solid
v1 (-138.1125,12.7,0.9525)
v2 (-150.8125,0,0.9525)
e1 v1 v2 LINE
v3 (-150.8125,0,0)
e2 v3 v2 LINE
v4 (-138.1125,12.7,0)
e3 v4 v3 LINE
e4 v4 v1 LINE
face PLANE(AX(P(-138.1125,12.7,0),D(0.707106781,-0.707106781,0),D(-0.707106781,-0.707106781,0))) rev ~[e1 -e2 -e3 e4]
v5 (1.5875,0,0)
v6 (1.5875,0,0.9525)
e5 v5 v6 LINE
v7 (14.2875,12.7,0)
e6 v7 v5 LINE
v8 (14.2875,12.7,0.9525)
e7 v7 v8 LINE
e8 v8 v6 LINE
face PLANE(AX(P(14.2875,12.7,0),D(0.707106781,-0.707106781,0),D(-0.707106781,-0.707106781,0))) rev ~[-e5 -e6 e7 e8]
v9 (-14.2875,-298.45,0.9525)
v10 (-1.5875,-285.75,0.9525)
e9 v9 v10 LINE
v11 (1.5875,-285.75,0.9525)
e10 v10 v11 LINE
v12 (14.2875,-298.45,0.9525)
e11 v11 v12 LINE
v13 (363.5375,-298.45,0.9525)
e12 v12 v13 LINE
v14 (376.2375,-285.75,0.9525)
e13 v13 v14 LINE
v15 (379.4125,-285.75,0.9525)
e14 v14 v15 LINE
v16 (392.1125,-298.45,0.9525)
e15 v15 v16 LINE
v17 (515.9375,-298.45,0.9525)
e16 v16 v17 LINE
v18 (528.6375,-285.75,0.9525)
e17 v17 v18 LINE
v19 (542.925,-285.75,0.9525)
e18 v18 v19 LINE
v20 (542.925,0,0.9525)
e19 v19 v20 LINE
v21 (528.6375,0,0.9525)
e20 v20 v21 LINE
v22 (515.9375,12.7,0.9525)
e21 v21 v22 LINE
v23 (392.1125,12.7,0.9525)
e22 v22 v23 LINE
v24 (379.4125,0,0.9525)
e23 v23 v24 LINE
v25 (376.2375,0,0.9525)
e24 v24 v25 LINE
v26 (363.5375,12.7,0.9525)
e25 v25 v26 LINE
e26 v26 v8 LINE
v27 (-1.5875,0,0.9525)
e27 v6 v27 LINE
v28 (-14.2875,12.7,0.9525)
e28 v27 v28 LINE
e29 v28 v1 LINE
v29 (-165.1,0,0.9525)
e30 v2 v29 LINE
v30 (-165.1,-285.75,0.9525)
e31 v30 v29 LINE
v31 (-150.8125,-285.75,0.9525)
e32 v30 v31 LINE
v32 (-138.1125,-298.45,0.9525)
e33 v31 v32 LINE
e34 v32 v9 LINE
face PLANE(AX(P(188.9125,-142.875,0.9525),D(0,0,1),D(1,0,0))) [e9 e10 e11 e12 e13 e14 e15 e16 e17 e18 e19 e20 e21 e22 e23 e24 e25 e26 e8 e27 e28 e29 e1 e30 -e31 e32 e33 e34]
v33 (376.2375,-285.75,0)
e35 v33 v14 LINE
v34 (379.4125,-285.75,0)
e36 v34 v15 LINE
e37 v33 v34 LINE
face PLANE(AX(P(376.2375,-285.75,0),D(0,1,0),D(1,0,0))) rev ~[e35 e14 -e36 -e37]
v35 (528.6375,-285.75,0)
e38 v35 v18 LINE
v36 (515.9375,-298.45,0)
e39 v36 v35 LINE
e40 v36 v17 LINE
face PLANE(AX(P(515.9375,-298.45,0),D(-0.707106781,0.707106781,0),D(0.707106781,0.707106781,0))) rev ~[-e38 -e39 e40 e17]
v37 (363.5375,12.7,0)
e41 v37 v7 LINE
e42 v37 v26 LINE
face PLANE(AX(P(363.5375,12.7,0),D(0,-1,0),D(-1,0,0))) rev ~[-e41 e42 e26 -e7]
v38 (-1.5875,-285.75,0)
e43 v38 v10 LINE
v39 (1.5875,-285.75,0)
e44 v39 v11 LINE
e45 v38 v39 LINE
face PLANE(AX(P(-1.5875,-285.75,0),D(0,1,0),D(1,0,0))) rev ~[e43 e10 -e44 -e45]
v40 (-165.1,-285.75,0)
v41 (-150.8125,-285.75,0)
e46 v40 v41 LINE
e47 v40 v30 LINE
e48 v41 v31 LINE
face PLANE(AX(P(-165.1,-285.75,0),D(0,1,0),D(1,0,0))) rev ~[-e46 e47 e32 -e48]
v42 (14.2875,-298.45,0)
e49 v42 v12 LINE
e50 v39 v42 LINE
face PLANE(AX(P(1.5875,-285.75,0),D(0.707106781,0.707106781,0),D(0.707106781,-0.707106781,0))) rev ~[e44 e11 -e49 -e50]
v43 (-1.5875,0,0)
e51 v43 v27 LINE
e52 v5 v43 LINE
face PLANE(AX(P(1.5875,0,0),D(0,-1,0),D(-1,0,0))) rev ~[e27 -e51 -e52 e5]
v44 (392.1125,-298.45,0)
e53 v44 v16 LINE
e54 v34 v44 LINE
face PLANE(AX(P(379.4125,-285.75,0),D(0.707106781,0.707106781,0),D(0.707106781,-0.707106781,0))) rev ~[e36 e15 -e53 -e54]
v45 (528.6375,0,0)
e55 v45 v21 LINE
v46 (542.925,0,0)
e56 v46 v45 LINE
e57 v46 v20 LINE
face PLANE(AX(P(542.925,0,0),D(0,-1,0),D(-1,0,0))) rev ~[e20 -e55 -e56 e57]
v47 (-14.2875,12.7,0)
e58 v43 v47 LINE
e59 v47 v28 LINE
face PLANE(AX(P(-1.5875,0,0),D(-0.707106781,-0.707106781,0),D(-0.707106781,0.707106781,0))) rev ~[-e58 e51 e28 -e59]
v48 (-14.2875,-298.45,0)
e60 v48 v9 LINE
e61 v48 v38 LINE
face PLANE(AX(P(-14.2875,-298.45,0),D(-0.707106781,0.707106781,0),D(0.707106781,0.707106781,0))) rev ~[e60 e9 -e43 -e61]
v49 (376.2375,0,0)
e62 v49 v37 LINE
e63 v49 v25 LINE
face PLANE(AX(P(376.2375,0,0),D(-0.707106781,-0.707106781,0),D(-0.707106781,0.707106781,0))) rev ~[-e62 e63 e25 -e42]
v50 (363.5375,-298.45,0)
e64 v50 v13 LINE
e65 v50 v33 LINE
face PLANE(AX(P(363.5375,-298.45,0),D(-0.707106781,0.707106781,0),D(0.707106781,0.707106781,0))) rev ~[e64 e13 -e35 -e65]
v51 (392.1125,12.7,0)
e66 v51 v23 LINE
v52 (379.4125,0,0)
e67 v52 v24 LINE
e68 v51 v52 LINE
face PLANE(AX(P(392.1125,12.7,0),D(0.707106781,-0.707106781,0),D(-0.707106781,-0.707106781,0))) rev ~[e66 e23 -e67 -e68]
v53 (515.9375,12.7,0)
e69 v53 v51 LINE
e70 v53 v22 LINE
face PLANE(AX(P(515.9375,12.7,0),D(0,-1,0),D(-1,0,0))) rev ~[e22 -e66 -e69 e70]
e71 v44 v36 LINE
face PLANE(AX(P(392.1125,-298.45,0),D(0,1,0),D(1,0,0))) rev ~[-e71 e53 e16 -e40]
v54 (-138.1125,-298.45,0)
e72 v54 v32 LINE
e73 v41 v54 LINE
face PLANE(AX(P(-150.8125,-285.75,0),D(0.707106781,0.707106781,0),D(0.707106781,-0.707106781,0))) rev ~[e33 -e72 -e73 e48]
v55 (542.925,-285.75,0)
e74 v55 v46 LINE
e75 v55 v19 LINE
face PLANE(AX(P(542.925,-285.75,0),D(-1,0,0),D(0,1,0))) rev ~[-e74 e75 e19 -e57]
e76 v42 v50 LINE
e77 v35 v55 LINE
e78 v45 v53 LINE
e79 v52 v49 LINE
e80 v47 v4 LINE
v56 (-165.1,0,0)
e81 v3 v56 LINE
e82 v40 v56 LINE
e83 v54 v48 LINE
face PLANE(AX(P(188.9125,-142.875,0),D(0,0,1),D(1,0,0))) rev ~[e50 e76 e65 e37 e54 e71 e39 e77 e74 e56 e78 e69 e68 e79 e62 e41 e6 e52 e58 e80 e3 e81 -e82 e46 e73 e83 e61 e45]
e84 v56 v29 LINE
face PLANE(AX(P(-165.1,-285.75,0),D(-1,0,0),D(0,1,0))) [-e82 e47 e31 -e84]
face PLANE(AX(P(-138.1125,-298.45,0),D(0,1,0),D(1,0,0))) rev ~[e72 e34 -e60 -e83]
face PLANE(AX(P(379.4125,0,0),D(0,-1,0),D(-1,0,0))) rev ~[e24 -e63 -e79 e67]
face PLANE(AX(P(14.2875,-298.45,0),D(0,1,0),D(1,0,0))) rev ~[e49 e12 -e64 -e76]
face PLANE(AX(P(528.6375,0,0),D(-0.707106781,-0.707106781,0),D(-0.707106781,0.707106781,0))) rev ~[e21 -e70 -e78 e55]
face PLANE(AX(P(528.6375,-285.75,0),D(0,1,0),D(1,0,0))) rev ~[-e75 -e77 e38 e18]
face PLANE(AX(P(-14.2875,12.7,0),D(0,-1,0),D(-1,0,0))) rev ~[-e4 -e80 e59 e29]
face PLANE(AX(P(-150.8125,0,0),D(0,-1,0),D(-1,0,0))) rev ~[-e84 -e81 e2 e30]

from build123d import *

# Parameters (mm, degrees)
F0_W     = 12.7
F0_H     = 285.75
F1_DEPTH = 0.9525


with BuildPart() as f1:
    # F0 (on Top) → F1 (new body)
    with BuildSketch(Plane.XY):
        Polygon((1.5875, 0), (0, 0), (0, -285.75), (1.5875, -285.75), (188.9125, -285.75), (376.2375, -285.75), (377.825, -285.75), (377.825, 0), (376.2375, 0), (188.9125, 0), align=None)
        Polygon((0, -285.75), (0, 0), (-1.5875, 0), (-150.8125, 0), (-152.4, 0), (-152.4, -285.75), (-150.8125, -285.75), (-1.5875, -285.75), align=None)
        Polygon((14.2875, 12.7), (1.5875, 0), (188.9125, 0), (376.2375, 0), (363.5375, 12.7), (188.9125, 12.7), align=None)
        Polygon((-150.8125, 0), (-1.5875, 0), (-14.2875, 12.7), (-138.1125, 12.7), align=None)
        Polygon((188.9125, -285.75), (1.5875, -285.75), (14.2875, -298.45), (188.9125, -298.45), (363.5375, -298.45), (376.2375, -285.75), align=None)
        Polygon((-14.2875, -298.45), (-1.5875, -285.75), (-150.8125, -285.75), (-138.1125, -298.45), align=None)
        with Locations((-158.75, -142.875)):
            Rectangle(F0_W, F0_H)
        Polygon((379.4125, 0), (377.825, 0), (377.825, -285.75), (379.4125, -285.75), (528.6375, -285.75), (530.225, -285.75), (530.225, 0), (528.6375, 0), align=None)
        Polygon((392.1125, 12.7), (379.4125, 0), (528.6375, 0), (515.9375, 12.7), align=None)
        Polygon((528.6375, -285.75), (379.4125, -285.75), (392.1125, -298.45), (515.9375, -298.45), align=None)
        with Locations((536.575, -142.875)):
            Rectangle(F0_W, F0_H)
    extrude(amount=F1_DEPTH)


solid = f1.part
